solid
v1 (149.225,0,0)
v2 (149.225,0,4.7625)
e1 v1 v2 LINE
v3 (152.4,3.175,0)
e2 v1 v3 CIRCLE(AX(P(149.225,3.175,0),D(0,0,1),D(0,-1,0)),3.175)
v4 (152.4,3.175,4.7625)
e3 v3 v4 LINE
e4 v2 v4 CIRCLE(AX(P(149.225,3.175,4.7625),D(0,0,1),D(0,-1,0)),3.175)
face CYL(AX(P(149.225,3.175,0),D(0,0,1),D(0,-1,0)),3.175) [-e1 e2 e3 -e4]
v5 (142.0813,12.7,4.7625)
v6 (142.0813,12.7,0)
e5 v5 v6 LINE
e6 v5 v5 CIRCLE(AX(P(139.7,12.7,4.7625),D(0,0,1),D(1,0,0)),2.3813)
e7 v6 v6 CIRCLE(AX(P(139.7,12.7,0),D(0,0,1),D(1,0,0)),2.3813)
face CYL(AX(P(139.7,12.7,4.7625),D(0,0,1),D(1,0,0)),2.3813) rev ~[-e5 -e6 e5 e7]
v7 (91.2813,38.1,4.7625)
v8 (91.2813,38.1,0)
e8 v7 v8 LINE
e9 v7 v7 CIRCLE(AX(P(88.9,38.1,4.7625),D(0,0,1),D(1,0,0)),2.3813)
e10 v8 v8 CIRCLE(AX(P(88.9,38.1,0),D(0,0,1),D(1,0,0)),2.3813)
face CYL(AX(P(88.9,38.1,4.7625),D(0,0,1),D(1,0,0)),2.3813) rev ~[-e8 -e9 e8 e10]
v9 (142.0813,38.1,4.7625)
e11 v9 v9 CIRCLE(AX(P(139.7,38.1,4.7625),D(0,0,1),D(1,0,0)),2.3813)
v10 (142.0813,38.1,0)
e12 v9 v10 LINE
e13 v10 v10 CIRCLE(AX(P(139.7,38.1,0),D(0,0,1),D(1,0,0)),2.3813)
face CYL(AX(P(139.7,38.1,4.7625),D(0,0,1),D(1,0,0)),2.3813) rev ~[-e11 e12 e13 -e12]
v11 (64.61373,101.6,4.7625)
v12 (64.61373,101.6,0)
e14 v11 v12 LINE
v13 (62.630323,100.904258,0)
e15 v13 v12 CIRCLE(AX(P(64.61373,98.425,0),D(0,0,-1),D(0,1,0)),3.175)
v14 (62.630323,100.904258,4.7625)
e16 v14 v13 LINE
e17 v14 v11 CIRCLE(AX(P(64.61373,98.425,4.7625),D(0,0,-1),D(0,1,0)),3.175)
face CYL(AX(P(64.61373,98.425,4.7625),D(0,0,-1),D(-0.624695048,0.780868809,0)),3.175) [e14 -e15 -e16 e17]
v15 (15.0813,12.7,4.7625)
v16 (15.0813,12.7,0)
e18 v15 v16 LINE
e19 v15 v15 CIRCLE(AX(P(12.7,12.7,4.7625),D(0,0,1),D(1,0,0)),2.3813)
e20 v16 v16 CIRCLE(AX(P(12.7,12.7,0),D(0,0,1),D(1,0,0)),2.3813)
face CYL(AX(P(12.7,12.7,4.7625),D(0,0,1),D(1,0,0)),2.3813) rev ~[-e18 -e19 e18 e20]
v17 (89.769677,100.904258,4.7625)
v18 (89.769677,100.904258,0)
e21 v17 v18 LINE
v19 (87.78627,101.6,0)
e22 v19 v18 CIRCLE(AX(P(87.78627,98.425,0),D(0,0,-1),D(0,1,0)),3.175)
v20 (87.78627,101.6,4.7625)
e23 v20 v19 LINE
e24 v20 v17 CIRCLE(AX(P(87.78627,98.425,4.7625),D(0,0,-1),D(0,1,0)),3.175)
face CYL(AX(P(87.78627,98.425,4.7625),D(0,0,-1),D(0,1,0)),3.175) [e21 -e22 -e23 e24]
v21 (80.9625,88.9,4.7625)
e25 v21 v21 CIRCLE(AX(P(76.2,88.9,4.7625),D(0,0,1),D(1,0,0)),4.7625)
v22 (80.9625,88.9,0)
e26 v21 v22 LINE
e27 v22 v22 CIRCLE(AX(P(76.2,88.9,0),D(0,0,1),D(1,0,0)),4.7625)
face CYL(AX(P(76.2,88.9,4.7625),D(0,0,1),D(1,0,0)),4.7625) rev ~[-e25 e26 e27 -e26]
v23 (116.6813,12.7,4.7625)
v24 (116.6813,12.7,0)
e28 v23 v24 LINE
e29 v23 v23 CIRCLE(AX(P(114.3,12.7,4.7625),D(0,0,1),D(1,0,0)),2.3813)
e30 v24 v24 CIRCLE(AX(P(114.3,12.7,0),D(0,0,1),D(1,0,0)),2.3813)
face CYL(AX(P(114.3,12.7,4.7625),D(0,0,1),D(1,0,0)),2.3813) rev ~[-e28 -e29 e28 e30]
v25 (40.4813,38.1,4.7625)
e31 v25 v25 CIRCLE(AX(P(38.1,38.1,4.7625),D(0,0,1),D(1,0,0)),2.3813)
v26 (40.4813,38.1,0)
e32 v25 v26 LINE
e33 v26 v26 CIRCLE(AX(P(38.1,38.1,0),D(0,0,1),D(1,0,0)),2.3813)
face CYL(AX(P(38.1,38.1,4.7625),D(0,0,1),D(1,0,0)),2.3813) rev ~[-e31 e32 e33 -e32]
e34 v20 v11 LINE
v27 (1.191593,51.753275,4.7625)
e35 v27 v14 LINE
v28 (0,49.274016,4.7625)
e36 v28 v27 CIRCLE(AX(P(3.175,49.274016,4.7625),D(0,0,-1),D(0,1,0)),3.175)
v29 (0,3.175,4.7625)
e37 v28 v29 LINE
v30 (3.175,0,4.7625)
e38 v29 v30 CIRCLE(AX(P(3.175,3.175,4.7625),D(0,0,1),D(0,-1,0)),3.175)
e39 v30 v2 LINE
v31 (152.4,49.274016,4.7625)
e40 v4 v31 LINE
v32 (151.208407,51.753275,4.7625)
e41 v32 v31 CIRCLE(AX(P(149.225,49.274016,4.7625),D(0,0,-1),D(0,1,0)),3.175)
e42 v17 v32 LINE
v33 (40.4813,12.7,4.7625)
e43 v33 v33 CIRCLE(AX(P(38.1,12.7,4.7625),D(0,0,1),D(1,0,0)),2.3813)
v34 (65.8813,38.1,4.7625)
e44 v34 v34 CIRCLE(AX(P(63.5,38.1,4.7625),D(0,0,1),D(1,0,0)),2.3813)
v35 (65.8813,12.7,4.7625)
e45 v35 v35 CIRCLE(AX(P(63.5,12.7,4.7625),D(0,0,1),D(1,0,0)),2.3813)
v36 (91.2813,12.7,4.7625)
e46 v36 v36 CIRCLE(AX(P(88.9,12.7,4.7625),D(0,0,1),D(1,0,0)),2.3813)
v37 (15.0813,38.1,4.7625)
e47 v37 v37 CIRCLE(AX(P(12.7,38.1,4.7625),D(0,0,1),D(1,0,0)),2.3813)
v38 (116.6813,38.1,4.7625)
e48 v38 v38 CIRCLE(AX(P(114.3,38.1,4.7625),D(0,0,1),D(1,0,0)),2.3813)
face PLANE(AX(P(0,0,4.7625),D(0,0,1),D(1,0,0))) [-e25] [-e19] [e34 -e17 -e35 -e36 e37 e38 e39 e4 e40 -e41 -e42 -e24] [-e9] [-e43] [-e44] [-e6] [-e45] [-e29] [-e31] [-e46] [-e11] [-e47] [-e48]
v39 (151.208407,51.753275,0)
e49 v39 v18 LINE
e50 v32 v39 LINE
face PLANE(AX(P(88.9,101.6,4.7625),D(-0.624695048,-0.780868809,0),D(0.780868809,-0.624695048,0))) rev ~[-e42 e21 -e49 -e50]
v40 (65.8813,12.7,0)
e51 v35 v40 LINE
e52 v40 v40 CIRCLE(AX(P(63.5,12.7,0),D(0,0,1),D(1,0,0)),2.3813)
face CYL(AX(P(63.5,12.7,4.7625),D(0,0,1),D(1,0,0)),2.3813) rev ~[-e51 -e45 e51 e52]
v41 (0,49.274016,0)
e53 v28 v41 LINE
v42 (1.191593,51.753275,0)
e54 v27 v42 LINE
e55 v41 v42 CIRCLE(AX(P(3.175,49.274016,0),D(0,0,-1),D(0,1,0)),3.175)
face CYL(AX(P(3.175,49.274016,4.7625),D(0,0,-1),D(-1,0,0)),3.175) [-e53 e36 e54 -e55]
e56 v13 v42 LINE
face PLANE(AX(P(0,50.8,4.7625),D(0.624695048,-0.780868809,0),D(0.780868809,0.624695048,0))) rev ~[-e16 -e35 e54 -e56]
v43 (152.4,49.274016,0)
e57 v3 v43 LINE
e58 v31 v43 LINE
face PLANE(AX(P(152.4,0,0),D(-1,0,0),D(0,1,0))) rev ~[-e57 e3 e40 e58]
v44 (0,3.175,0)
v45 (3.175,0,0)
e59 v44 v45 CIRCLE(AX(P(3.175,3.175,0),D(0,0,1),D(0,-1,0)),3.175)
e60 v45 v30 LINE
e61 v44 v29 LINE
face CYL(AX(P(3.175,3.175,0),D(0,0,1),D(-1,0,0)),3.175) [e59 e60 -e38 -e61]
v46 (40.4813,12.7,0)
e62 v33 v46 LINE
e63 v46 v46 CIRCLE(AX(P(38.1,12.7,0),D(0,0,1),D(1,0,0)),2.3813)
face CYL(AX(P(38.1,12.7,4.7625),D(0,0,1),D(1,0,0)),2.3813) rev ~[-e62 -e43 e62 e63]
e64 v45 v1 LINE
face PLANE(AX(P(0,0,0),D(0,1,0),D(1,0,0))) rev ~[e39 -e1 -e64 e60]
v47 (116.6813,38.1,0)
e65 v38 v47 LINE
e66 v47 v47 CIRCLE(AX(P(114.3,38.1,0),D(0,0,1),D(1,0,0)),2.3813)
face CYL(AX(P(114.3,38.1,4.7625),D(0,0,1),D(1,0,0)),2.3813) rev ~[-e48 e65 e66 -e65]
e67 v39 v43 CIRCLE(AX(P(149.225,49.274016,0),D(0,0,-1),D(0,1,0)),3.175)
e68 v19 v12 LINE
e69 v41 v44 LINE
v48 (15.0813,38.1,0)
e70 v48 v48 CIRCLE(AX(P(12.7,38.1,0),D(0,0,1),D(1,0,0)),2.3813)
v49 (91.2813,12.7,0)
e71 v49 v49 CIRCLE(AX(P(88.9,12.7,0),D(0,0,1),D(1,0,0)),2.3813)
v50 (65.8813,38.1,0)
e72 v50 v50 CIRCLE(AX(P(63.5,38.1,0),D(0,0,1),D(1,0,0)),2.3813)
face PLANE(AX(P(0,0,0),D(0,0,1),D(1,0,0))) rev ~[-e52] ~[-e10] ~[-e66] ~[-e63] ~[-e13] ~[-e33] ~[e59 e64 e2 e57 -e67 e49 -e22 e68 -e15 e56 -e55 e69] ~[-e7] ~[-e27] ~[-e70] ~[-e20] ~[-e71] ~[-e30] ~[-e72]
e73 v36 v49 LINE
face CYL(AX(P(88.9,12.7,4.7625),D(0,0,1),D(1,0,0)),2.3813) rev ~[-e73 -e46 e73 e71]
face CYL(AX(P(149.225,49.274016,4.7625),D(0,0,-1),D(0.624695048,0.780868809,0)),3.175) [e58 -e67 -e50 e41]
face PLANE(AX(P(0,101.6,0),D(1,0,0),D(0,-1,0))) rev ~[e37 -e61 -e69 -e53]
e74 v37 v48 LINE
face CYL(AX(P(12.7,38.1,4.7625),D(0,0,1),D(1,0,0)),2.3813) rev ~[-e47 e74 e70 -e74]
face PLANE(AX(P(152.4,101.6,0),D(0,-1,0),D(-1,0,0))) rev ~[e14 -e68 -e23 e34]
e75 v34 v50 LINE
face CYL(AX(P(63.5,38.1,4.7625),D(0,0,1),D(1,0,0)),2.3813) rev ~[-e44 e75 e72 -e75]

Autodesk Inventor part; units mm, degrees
ref_plane "YZ Plane" through (0, 0, 0) normal (1, 0, 0) x (0, 1, 0)
ref_plane "XZ Plane" through (0, 0, 0) normal (0, 1, 0) x (-1, 0, 0)
ref_plane "XY Plane" through (0, 0, 0) normal (0, 0, 1) x (1, 0, 0)
sketch "Sketch1" plane through (0, 0, 0) normal (0, 0, 1) x (1, 0, 0)
  line L0 (0, 0) -> (152.4, 0)
  line L1 (152.4, 0) -> (152.4, 101.6)
  line L2 (152.4, 101.6) -> (0, 101.6)
  line L3 (0, 101.6) -> (0, 0)
  dimension "d0" = 152.4
  dimension "d1" = 101.6
extrude "Extrusion1" add sketch "Sketch1" along normal blind 4.7625
sketch "Sketch2" plane through (0, 0, 4.7625) normal (0, 0, 1) x (1, 0, 0)
  line L0 (0, 0) -> (0, 101.6) projected
  line L1 (0, 101.6) -> (152.4, 101.6) projected
  circle A0 centre (76.2, 88.9) radius 4.7625
  dimension "d4" = 76.2
  dimension "d5" = 12.7
  dimension "d25" = 9.525
extrude "Extrusion2" cut sketch "Sketch2" against normal up to next
sketch "Sketch3" plane through (0, 0, 4.7625) normal (0, 0, 1) x (1, 0, 0)
  line L0 (0, 0) -> (0, 101.6) projected
  line L1 (152.4, 0) -> (0, 0) projected
  circle A0 centre (12.7, 12.7) radius 2.3813
  dimension "d8" = 4.7625
  dimension "d9" = 12.7
  dimension "d10" = 12.7
extrude "Extrusion3" cut sketch "Sketch3" against normal up to next
pattern_linear "Rectangular Pattern1" count 6 spacing 25.4 along (1, 0, 0) count 2 spacing 25.4 along (0, 1, 0) of "Extrusion3"
sketch "Sketch4" plane through (0, 0, 4.7625) normal (0, 0, 1) x (1, 0, 0)
  line L0 (0, 0) -> (0, 101.6) projected
  line L1 (152.4, 101.6) -> (152.4, 0) projected
  line L2 (0, 101.6) -> (152.4, 101.6) projected
  line L3 (0, 50.8) -> (63.5, 101.6)
  line L4 (0, 101.6) -> (0, 50.8)
  line L5 (63.5, 101.6) -> (0, 101.6)
  line L6 (152.4, 101.6) -> (152.4, 50.8)
  line L7 (88.9, 101.6) -> (152.4, 50.8)
  line L8 (152.4, 101.6) -> (88.9, 101.6)
  dimension "d19" = 63.5
  dimension "d20" = 63.5
  dimension "d21" = 50.8
extrude "Extrusion4" cut sketch "Sketch4" against normal up to next
fillet "Fillet1" radius 3.175 6 edges at (63.5, 101.6, 2.3813) (88.9, 101.6, 2.3813) (152.4, 50.8, 2.3813) (152.4, 0, 2.3813) (0, 0, 2.3813) (0, 50.8, 2.3813)
properties part number "Frame_MidRollerPlate" material "Aluminum-6061"
